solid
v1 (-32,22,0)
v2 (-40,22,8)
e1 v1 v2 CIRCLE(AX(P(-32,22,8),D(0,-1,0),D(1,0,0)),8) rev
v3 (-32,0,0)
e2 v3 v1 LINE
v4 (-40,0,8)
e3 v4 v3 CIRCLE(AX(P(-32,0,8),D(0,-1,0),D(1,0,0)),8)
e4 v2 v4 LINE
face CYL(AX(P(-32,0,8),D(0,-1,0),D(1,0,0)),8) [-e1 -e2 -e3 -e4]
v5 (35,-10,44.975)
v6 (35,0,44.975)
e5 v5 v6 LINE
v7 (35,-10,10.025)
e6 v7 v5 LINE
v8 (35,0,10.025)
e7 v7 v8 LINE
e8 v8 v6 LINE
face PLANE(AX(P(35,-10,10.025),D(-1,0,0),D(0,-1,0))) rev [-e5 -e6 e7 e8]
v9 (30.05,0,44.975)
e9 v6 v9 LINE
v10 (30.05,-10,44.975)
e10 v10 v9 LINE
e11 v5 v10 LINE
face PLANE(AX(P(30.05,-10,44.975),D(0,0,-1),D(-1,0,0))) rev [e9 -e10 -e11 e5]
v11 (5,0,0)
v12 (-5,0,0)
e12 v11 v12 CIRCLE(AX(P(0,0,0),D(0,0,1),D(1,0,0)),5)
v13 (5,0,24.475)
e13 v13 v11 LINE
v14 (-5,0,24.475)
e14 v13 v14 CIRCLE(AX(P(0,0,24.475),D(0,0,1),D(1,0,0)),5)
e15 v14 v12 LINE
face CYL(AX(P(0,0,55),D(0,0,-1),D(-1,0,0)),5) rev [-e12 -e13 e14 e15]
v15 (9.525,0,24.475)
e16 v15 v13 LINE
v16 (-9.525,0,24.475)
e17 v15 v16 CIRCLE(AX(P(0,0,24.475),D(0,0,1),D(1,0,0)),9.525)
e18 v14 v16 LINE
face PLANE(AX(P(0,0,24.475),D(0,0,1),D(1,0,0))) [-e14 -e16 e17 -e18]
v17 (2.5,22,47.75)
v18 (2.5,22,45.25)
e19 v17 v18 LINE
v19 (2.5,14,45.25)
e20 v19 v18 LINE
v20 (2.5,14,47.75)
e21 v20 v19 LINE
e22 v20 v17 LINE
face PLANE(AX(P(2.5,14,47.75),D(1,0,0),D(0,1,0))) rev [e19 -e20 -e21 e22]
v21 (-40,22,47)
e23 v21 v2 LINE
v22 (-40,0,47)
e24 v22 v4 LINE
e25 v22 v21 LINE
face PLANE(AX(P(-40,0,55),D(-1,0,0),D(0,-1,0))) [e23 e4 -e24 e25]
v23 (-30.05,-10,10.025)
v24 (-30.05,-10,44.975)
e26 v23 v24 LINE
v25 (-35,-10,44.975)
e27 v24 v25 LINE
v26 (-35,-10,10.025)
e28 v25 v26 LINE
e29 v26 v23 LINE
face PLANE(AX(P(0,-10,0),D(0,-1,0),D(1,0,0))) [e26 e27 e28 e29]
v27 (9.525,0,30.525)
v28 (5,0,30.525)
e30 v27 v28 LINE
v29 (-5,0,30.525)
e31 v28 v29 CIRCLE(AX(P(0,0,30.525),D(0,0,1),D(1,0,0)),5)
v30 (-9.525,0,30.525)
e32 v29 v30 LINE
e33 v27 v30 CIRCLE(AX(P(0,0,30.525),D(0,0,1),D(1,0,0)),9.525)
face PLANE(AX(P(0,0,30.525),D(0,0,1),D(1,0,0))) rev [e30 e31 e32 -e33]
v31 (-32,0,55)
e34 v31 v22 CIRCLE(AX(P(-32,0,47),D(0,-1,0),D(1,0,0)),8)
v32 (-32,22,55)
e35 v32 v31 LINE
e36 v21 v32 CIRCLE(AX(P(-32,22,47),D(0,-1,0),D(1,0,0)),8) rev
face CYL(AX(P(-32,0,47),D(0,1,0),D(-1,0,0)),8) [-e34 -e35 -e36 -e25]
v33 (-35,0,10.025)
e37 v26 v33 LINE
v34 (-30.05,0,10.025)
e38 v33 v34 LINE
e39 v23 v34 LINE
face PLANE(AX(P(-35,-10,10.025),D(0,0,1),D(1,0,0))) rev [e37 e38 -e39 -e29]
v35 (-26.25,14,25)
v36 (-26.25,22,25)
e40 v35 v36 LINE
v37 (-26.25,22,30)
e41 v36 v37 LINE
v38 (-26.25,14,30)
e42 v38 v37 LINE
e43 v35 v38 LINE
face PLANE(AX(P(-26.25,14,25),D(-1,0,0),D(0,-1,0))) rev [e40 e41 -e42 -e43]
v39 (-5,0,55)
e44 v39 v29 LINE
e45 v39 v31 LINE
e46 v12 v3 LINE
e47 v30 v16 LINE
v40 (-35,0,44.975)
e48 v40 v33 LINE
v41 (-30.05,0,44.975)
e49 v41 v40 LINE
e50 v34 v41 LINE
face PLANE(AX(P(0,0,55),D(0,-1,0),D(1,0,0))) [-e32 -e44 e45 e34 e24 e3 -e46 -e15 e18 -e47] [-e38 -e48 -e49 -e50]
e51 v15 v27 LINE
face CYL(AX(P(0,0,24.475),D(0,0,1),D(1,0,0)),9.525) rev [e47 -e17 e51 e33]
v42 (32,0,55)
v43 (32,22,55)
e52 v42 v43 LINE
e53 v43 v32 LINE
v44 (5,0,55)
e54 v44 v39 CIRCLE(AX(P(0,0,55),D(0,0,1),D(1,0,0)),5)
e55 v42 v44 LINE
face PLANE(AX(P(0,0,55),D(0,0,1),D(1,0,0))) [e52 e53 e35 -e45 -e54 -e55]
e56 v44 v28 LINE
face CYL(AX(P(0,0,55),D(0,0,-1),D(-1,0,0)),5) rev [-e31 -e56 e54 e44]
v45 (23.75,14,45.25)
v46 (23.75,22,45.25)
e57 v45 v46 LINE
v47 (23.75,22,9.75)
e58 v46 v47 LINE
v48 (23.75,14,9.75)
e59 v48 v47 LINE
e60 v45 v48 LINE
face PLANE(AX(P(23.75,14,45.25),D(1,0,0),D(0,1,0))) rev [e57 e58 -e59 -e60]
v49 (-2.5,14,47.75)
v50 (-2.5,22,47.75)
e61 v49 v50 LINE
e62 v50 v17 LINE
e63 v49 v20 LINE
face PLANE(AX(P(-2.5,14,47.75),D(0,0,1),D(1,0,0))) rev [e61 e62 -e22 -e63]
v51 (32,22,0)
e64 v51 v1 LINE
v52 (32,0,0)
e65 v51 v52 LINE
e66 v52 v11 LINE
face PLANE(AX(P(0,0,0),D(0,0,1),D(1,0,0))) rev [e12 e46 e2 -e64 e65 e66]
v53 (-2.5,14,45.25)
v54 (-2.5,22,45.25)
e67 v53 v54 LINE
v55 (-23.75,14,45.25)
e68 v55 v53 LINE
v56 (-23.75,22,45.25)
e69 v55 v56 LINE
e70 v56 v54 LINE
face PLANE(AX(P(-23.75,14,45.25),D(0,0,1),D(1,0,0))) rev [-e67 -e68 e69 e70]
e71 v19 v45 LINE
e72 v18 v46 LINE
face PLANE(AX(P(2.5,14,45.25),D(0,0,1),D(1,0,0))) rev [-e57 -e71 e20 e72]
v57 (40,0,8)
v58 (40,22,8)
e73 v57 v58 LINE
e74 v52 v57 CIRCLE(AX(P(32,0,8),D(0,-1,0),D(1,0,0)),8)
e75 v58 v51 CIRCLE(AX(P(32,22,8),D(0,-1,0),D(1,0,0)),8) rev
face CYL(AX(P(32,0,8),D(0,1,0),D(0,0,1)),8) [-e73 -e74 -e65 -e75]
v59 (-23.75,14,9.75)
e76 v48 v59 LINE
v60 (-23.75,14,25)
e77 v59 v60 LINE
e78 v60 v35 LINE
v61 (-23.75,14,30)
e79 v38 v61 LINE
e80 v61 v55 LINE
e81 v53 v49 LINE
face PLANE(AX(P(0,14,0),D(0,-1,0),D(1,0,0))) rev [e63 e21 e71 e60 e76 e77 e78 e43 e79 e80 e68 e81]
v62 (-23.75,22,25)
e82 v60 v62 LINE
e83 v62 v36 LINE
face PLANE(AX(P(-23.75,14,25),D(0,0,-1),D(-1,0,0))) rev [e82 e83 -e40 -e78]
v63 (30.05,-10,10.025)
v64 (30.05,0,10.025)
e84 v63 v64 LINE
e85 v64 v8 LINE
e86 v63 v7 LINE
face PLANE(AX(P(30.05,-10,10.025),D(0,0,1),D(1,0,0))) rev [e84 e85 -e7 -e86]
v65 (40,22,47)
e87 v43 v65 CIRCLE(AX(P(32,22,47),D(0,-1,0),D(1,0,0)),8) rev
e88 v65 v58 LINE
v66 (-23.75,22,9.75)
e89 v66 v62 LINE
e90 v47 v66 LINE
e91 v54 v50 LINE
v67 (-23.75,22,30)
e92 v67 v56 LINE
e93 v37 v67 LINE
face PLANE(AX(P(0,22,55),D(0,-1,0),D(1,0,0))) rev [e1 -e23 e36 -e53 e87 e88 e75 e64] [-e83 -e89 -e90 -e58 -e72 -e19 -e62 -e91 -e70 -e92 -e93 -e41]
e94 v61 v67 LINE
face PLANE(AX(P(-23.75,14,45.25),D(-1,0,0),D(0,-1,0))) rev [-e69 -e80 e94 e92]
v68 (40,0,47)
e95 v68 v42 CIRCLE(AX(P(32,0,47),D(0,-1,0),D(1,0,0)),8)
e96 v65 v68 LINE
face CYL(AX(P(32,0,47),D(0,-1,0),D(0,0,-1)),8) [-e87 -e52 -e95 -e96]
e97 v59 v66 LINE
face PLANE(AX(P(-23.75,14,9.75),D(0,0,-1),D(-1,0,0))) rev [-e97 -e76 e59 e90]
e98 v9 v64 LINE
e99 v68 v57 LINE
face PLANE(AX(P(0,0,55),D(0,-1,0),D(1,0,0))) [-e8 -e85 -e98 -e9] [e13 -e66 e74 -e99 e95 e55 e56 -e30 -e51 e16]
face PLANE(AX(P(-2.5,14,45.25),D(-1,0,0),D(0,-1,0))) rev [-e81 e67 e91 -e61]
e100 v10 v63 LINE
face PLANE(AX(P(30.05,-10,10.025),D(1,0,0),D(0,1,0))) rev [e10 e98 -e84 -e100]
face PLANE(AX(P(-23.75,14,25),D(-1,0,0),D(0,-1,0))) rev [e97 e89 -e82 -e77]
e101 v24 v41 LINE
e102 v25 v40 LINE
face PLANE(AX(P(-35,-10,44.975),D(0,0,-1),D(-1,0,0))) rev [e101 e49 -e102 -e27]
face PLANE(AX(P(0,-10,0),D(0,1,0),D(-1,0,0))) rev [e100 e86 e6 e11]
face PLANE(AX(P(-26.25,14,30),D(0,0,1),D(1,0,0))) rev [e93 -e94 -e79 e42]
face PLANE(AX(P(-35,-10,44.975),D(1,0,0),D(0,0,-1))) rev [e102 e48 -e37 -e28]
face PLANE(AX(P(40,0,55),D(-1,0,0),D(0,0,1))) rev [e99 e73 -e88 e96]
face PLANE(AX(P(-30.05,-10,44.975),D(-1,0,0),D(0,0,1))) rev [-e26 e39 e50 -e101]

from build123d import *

# Parameters (mm, degrees)
SALIENTE_EXTRUIR1_DEPTH = 55
CROQUIS2_R              = 9.525
CORTAR_EXTRUIR1_DEPTH   = 3.025
CROQUIS3_W              = 4.95
CROQUIS3_H              = 34.95
SALIENTE_EXTRUIR2_DEPTH = 10
REDONDEO1_R             = 8
CORTAR_EXTRUIR2_DEPTH   = 8


with BuildPart() as part:
    # Croquis1 → Saliente-Extruir1 (new body)
    with BuildSketch(Plane.XY):
        with BuildLine():
            Line((-40, 0), (-5, 0))
            ThreePointArc((-5, 0), (0, 5), (5, 0))
            Line((5, 0), (40, 0))
            Line((40, 0), (40, 22))
            Line((40, 22), (-40, 22))
            Line((-40, 22), (-40, 0))
        make_face()
    extrude(amount=SALIENTE_EXTRUIR1_DEPTH)

    # Croquis2 → Cortar-Extruir1 (cut, symmetric)
    with BuildSketch(Plane.XY.offset(27.5)):
        Circle(CROQUIS2_R)
    extrude(amount=CORTAR_EXTRUIR1_DEPTH, both=True, mode=Mode.SUBTRACT)

    # Croquis3 → Saliente-Extruir2 (add)
    with BuildSketch(Plane.XZ):
        with Locations((-32.525, 27.5)):
            Rectangle(CROQUIS3_W, CROQUIS3_H)
        with Locations((32.525, 27.5)):
            Rectangle(CROQUIS3_W, CROQUIS3_H)
    extrude(amount=SALIENTE_EXTRUIR2_DEPTH)

    # Redondeo1
    redondeo1_edges = [part.edges().sort_by_distance(p)[0] for p in [
        (40, 11, 55),
        (-40, 11, 55),
        (-40, 11, 0),
        (40, 11, 0),
    ]]
    fillet(redondeo1_edges, radius=REDONDEO1_R)

    # Croquis6 → Cortar-Extruir2 (cut)
    with BuildSketch(Plane(origin=(0, 22, 0), x_dir=(1, 0, 0), z_dir=(0, 1, 0))):
        Polygon((-23.75, -45.25), (-2.5, -45.25), (-2.5, -47.75), (2.5, -47.75), (2.5, -45.25), (23.75, -45.25), (23.75, -9.75), (-23.75, -9.75), (-23.75, -25), (-26.25, -25), (-26.25, -30), (-23.75, -30), align=None)
    extrude(amount=-CORTAR_EXTRUIR2_DEPTH, mode=Mode.SUBTRACT)


solid = part.part
